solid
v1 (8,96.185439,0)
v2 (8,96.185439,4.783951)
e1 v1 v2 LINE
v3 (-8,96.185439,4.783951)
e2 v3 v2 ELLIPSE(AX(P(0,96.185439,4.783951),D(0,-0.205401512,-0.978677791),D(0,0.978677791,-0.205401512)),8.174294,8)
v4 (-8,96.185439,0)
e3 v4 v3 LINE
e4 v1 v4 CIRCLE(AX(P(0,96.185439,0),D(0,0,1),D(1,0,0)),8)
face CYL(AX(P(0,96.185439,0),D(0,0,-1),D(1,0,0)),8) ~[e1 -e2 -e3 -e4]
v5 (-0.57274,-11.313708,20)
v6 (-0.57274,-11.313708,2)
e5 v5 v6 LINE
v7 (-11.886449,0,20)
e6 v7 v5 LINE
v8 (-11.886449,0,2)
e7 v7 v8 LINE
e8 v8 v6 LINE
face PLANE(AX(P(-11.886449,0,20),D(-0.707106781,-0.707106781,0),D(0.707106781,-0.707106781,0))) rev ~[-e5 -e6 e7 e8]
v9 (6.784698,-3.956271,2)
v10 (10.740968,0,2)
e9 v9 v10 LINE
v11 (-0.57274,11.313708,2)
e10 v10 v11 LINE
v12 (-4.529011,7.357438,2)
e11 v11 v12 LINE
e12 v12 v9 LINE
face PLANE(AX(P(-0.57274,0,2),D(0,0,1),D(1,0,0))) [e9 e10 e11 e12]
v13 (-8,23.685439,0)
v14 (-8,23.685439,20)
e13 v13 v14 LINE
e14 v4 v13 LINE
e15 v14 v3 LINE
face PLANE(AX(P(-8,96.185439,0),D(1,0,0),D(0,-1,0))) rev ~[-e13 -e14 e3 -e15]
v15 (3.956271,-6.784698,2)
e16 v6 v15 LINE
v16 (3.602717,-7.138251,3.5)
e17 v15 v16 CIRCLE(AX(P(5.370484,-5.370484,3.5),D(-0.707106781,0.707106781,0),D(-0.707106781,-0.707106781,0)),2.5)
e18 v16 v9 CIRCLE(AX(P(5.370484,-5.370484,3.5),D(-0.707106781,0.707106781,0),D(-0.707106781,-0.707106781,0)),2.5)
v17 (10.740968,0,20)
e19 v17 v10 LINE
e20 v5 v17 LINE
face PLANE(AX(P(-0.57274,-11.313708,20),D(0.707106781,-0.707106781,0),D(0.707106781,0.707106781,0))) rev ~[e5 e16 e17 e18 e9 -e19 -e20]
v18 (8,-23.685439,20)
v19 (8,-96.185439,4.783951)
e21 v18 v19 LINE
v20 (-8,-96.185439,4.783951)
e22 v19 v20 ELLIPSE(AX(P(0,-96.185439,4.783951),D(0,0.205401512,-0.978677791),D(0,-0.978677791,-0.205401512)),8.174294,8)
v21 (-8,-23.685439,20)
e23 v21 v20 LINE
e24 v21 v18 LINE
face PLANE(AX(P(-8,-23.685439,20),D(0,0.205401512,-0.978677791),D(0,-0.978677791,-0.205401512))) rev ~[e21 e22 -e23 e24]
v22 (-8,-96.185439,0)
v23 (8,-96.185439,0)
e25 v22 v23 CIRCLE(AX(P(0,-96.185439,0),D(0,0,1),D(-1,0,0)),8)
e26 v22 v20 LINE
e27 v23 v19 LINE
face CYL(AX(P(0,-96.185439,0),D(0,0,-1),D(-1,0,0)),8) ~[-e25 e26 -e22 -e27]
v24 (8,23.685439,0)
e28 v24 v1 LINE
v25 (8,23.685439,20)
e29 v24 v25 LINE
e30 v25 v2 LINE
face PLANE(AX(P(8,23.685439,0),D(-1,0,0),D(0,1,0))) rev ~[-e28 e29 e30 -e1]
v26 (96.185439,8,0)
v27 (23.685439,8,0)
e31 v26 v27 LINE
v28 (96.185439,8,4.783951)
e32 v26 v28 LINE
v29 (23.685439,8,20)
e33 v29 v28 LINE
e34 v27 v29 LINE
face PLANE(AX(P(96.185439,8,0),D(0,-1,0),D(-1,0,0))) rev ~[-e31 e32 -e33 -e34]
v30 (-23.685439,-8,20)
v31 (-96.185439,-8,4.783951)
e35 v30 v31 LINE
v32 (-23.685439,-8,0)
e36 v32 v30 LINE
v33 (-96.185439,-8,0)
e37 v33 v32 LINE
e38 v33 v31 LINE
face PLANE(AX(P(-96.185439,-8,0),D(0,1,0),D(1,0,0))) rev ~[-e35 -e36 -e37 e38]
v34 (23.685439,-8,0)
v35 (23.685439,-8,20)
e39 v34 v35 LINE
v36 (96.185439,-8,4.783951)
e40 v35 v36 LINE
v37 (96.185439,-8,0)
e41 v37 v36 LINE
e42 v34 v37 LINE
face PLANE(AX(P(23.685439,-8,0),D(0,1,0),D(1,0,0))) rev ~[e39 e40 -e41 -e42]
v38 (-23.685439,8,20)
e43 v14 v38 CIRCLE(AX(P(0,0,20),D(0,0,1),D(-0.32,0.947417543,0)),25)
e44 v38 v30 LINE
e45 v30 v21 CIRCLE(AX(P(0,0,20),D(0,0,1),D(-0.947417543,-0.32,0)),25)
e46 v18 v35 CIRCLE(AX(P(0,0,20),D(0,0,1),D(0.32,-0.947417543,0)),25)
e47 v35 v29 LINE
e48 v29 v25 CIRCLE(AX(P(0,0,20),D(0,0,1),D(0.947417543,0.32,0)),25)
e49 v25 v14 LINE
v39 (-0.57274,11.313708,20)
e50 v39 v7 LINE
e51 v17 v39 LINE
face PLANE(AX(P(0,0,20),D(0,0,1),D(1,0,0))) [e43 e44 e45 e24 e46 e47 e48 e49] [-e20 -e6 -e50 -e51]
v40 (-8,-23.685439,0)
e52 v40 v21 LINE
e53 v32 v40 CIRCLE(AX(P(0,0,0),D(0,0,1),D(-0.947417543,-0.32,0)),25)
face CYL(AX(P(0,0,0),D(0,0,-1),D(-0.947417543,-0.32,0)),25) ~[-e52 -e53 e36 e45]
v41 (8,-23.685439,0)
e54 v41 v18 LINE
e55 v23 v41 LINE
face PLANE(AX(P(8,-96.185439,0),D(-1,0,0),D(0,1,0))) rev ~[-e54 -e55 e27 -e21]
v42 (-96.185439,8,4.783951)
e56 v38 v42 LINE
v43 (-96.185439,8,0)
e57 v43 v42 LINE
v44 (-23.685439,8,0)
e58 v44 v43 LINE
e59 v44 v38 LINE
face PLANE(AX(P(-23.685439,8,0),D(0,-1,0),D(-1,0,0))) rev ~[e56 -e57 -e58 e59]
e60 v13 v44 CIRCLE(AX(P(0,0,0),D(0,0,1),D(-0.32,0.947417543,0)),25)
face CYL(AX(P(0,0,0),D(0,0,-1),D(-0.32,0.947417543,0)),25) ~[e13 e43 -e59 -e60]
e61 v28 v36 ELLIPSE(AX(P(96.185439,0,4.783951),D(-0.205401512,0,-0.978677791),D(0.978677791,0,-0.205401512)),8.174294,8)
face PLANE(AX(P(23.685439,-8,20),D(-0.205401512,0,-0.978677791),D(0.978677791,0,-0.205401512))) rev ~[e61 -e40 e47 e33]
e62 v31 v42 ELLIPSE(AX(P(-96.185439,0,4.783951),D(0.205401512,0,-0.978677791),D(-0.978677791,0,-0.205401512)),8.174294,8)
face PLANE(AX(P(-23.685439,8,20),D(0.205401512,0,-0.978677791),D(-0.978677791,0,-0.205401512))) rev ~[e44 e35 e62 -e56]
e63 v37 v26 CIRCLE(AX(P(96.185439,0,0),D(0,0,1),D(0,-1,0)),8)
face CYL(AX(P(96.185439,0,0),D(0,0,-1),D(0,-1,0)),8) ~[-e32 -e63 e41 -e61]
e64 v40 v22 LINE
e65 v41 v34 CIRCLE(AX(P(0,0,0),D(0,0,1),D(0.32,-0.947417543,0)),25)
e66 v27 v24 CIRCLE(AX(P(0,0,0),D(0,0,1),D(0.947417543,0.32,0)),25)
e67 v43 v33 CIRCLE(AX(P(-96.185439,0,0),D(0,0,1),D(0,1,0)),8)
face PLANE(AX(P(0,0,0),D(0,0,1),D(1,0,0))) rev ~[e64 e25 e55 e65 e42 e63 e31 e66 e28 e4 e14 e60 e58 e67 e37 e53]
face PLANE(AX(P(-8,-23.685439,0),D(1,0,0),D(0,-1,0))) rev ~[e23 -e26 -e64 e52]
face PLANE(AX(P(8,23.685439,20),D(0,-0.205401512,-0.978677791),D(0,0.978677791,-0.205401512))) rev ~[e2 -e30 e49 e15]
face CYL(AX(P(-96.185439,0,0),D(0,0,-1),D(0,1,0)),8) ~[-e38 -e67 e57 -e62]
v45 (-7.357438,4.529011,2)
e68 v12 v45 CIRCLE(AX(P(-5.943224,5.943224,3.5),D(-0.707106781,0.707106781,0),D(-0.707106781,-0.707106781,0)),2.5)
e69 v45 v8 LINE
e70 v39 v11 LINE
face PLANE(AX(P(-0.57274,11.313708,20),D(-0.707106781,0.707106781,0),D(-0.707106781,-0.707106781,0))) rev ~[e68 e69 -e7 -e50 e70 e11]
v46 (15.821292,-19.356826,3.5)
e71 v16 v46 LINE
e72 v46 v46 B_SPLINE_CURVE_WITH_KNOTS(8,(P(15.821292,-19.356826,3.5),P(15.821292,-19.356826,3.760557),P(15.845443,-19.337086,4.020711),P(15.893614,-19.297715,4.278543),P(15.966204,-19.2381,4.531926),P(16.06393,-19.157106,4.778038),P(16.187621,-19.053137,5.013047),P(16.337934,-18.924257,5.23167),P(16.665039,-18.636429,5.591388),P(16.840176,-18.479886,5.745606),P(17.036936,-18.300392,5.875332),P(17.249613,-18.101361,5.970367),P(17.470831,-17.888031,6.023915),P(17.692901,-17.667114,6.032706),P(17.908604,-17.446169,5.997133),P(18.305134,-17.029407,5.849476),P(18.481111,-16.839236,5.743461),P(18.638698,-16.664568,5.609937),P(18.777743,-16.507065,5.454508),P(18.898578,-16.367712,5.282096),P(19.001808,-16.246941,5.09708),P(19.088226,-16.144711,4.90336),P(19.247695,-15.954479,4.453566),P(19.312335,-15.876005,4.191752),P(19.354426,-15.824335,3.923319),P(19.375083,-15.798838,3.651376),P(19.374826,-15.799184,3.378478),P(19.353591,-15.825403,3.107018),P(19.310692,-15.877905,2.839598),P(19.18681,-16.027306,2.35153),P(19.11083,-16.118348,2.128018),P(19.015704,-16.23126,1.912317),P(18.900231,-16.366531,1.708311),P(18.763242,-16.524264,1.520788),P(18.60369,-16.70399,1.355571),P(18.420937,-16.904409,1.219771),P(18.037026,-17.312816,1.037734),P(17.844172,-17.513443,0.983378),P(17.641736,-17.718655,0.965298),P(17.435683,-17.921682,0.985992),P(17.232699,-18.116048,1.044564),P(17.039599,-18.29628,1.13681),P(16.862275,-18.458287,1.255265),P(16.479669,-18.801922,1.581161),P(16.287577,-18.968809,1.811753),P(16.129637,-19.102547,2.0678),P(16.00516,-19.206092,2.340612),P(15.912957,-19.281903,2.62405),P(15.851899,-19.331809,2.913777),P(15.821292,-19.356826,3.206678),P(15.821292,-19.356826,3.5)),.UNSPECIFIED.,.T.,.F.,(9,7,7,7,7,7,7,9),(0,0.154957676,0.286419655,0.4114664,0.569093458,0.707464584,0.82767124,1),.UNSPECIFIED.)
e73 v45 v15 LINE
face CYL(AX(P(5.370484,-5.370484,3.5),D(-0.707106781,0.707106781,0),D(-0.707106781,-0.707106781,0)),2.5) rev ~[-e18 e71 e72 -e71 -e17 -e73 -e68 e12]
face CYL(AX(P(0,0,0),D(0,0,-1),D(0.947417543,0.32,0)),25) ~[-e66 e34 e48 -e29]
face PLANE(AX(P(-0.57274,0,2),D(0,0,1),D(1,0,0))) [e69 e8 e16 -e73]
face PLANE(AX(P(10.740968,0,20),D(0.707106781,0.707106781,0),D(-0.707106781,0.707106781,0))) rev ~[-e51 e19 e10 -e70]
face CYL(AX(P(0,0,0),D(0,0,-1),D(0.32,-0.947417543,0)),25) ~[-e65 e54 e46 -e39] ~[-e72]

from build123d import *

# Parameters (mm, degrees)
F1_DEPTH       = 20
F3_DEPTH       = 16
F5_DEPTH       = 16
F7_DEPTH       = 16
F9_DEPTH       = 18
F10_R          = 2.5
F11_DEPTH      = 17.4049884739
F11_DEPTH_BACK = 16
F13_DEPTH      = 16


with BuildPart() as f1:
    # F0 (on Top) → F1 (new body)
    with BuildSketch(Plane.XY):
        with BuildLine():
            ThreePointArc((23.6854385647, -8), (24.6691706804, -4.0536425523), (25, 0))
            ThreePointArc((25, 0), (24.6691706804, 4.0536425523), (23.6854385647, 8))
            ThreePointArc((23.6854385647, 8), (17.6776695297, 17.6776695297), (8, 23.6854385647))
            ThreePointArc((8, 23.6854385647), (0, 25), (-8, 23.6854385647))
            ThreePointArc((-8, 23.6854385647), (-17.6776695297, 17.6776695297), (-23.6854385647, 8))
            ThreePointArc((-23.6854385647, 8), (-25, 0), (-23.6854385647, -8))
            ThreePointArc((-23.6854385647, -8), (-17.6776695297, -17.6776695297), (-8, -23.6854385647))
            ThreePointArc((-8, -23.6854385647), (0, -25), (8, -23.6854385647))
            ThreePointArc((8, -23.6854385647), (17.6776695297, -17.6776695297), (23.6854385647, -8))
        make_face()
        with BuildLine():
            ThreePointArc((23.6854385647, 8), (24.6691706804, 4.0536425523), (25, 0))
            ThreePointArc((25, 0), (24.6691706804, -4.0536425523), (23.6854385647, -8))
            Line((23.6854385647, -8), (96.1854385647, -8))
            ThreePointArc((96.1854385647, -8), (104.1854385647, 0), (96.1854385647, 8))
            Line((96.1854385647, 8), (23.6854385647, 8))
        make_face()
        with BuildLine():
            ThreePointArc((-8, 23.6854385647), (0, 25), (8, 23.6854385647))
            Line((8, 23.6854385647), (8, 96.1854385647))
            ThreePointArc((8, 96.1854385647), (0, 104.1854385647), (-8, 96.1854385647))
            Line((-8, 96.1854385647), (-8, 23.6854385647))
        make_face()
        with BuildLine():
            Line((8, -96.1854385647), (8, -23.6854385647))
            ThreePointArc((8, -23.6854385647), (0, -25), (-8, -23.6854385647))
            Line((-8, -23.6854385647), (-8, -96.1854385647))
            ThreePointArc((-8, -96.1854385647), (0, -104.1854385647), (8, -96.1854385647))
        make_face()
        with BuildLine():
            ThreePointArc((-23.6854385647, -8), (-25, 0), (-23.6854385647, 8))
            Line((-23.6854385647, 8), (-96.1854385647, 8))
            ThreePointArc((-96.1854385647, 8), (-104.1854385647, 0), (-96.1854385647, -8))
            Line((-96.1854385647, -8), (-23.6854385647, -8))
        make_face()
    extrude(amount=F1_DEPTH)

    # F2 (on face) → F3 (cut, through all)
    with BuildSketch(Plane.YZ.offset(8)):
        Polygon((104.6854385647, 20), (23.6854385647, 20), (104.6854385647, 3), align=None)
    extrude(amount=-F3_DEPTH, mode=Mode.SUBTRACT)

    # F4 (on face) → F5 (cut, through all)
    with BuildSketch(Plane(origin=(0, 8, 0), x_dir=(-1, 0, 0), z_dir=(0, 1, 0))):
        Polygon((104.6854385647, 20), (23.6854385647, 20), (104.6854385647, 3), align=None)
    extrude(amount=-F5_DEPTH, mode=Mode.SUBTRACT)

    # F6 (on face) → F7 (cut, through all)
    with BuildSketch(Plane(origin=(-8, 0, 0), x_dir=(0, -1, 0), z_dir=(-1, 0, 0))):
        Polygon((104.6854385647, 20), (23.6854385647, 20), (104.6854385647, 3), align=None)
    extrude(amount=-F7_DEPTH, mode=Mode.SUBTRACT)

    # F8 (on face) → F9 (cut)
    with BuildSketch(Plane.XY.offset(20)):
        Polygon((10.7409683065, 0), (-0.5727401924, 11.313708499), (-11.8864486914, 0), (-0.5727401924, -11.313708499), align=None)
    extrude(amount=-F9_DEPTH, mode=Mode.SUBTRACT)

    # F10 (on face) → F11 (cut, two sides)
    with BuildSketch(Plane(origin=(5.3704841533, -5.3704841533, 0), x_dir=(-0.7071067812, -0.7071067812, 0), z_dir=(-0.7071067812, 0.7071067812, 0))) as f11_sk:
        with Locations((0, 3.5)):
            Circle(F10_R)
    extrude(amount=-F11_DEPTH, mode=Mode.SUBTRACT)
    extrude(f11_sk.sketch, amount=F11_DEPTH_BACK, mode=Mode.SUBTRACT)

    # F12 (on face) → F13 (cut, through all)
    with BuildSketch(Plane.XZ.offset(8)):
        Polygon((104.6854385647, 20), (23.6854385647, 20), (104.6854385647, 3), align=None)
    extrude(amount=-F13_DEPTH, mode=Mode.SUBTRACT)


solid = f1.part
